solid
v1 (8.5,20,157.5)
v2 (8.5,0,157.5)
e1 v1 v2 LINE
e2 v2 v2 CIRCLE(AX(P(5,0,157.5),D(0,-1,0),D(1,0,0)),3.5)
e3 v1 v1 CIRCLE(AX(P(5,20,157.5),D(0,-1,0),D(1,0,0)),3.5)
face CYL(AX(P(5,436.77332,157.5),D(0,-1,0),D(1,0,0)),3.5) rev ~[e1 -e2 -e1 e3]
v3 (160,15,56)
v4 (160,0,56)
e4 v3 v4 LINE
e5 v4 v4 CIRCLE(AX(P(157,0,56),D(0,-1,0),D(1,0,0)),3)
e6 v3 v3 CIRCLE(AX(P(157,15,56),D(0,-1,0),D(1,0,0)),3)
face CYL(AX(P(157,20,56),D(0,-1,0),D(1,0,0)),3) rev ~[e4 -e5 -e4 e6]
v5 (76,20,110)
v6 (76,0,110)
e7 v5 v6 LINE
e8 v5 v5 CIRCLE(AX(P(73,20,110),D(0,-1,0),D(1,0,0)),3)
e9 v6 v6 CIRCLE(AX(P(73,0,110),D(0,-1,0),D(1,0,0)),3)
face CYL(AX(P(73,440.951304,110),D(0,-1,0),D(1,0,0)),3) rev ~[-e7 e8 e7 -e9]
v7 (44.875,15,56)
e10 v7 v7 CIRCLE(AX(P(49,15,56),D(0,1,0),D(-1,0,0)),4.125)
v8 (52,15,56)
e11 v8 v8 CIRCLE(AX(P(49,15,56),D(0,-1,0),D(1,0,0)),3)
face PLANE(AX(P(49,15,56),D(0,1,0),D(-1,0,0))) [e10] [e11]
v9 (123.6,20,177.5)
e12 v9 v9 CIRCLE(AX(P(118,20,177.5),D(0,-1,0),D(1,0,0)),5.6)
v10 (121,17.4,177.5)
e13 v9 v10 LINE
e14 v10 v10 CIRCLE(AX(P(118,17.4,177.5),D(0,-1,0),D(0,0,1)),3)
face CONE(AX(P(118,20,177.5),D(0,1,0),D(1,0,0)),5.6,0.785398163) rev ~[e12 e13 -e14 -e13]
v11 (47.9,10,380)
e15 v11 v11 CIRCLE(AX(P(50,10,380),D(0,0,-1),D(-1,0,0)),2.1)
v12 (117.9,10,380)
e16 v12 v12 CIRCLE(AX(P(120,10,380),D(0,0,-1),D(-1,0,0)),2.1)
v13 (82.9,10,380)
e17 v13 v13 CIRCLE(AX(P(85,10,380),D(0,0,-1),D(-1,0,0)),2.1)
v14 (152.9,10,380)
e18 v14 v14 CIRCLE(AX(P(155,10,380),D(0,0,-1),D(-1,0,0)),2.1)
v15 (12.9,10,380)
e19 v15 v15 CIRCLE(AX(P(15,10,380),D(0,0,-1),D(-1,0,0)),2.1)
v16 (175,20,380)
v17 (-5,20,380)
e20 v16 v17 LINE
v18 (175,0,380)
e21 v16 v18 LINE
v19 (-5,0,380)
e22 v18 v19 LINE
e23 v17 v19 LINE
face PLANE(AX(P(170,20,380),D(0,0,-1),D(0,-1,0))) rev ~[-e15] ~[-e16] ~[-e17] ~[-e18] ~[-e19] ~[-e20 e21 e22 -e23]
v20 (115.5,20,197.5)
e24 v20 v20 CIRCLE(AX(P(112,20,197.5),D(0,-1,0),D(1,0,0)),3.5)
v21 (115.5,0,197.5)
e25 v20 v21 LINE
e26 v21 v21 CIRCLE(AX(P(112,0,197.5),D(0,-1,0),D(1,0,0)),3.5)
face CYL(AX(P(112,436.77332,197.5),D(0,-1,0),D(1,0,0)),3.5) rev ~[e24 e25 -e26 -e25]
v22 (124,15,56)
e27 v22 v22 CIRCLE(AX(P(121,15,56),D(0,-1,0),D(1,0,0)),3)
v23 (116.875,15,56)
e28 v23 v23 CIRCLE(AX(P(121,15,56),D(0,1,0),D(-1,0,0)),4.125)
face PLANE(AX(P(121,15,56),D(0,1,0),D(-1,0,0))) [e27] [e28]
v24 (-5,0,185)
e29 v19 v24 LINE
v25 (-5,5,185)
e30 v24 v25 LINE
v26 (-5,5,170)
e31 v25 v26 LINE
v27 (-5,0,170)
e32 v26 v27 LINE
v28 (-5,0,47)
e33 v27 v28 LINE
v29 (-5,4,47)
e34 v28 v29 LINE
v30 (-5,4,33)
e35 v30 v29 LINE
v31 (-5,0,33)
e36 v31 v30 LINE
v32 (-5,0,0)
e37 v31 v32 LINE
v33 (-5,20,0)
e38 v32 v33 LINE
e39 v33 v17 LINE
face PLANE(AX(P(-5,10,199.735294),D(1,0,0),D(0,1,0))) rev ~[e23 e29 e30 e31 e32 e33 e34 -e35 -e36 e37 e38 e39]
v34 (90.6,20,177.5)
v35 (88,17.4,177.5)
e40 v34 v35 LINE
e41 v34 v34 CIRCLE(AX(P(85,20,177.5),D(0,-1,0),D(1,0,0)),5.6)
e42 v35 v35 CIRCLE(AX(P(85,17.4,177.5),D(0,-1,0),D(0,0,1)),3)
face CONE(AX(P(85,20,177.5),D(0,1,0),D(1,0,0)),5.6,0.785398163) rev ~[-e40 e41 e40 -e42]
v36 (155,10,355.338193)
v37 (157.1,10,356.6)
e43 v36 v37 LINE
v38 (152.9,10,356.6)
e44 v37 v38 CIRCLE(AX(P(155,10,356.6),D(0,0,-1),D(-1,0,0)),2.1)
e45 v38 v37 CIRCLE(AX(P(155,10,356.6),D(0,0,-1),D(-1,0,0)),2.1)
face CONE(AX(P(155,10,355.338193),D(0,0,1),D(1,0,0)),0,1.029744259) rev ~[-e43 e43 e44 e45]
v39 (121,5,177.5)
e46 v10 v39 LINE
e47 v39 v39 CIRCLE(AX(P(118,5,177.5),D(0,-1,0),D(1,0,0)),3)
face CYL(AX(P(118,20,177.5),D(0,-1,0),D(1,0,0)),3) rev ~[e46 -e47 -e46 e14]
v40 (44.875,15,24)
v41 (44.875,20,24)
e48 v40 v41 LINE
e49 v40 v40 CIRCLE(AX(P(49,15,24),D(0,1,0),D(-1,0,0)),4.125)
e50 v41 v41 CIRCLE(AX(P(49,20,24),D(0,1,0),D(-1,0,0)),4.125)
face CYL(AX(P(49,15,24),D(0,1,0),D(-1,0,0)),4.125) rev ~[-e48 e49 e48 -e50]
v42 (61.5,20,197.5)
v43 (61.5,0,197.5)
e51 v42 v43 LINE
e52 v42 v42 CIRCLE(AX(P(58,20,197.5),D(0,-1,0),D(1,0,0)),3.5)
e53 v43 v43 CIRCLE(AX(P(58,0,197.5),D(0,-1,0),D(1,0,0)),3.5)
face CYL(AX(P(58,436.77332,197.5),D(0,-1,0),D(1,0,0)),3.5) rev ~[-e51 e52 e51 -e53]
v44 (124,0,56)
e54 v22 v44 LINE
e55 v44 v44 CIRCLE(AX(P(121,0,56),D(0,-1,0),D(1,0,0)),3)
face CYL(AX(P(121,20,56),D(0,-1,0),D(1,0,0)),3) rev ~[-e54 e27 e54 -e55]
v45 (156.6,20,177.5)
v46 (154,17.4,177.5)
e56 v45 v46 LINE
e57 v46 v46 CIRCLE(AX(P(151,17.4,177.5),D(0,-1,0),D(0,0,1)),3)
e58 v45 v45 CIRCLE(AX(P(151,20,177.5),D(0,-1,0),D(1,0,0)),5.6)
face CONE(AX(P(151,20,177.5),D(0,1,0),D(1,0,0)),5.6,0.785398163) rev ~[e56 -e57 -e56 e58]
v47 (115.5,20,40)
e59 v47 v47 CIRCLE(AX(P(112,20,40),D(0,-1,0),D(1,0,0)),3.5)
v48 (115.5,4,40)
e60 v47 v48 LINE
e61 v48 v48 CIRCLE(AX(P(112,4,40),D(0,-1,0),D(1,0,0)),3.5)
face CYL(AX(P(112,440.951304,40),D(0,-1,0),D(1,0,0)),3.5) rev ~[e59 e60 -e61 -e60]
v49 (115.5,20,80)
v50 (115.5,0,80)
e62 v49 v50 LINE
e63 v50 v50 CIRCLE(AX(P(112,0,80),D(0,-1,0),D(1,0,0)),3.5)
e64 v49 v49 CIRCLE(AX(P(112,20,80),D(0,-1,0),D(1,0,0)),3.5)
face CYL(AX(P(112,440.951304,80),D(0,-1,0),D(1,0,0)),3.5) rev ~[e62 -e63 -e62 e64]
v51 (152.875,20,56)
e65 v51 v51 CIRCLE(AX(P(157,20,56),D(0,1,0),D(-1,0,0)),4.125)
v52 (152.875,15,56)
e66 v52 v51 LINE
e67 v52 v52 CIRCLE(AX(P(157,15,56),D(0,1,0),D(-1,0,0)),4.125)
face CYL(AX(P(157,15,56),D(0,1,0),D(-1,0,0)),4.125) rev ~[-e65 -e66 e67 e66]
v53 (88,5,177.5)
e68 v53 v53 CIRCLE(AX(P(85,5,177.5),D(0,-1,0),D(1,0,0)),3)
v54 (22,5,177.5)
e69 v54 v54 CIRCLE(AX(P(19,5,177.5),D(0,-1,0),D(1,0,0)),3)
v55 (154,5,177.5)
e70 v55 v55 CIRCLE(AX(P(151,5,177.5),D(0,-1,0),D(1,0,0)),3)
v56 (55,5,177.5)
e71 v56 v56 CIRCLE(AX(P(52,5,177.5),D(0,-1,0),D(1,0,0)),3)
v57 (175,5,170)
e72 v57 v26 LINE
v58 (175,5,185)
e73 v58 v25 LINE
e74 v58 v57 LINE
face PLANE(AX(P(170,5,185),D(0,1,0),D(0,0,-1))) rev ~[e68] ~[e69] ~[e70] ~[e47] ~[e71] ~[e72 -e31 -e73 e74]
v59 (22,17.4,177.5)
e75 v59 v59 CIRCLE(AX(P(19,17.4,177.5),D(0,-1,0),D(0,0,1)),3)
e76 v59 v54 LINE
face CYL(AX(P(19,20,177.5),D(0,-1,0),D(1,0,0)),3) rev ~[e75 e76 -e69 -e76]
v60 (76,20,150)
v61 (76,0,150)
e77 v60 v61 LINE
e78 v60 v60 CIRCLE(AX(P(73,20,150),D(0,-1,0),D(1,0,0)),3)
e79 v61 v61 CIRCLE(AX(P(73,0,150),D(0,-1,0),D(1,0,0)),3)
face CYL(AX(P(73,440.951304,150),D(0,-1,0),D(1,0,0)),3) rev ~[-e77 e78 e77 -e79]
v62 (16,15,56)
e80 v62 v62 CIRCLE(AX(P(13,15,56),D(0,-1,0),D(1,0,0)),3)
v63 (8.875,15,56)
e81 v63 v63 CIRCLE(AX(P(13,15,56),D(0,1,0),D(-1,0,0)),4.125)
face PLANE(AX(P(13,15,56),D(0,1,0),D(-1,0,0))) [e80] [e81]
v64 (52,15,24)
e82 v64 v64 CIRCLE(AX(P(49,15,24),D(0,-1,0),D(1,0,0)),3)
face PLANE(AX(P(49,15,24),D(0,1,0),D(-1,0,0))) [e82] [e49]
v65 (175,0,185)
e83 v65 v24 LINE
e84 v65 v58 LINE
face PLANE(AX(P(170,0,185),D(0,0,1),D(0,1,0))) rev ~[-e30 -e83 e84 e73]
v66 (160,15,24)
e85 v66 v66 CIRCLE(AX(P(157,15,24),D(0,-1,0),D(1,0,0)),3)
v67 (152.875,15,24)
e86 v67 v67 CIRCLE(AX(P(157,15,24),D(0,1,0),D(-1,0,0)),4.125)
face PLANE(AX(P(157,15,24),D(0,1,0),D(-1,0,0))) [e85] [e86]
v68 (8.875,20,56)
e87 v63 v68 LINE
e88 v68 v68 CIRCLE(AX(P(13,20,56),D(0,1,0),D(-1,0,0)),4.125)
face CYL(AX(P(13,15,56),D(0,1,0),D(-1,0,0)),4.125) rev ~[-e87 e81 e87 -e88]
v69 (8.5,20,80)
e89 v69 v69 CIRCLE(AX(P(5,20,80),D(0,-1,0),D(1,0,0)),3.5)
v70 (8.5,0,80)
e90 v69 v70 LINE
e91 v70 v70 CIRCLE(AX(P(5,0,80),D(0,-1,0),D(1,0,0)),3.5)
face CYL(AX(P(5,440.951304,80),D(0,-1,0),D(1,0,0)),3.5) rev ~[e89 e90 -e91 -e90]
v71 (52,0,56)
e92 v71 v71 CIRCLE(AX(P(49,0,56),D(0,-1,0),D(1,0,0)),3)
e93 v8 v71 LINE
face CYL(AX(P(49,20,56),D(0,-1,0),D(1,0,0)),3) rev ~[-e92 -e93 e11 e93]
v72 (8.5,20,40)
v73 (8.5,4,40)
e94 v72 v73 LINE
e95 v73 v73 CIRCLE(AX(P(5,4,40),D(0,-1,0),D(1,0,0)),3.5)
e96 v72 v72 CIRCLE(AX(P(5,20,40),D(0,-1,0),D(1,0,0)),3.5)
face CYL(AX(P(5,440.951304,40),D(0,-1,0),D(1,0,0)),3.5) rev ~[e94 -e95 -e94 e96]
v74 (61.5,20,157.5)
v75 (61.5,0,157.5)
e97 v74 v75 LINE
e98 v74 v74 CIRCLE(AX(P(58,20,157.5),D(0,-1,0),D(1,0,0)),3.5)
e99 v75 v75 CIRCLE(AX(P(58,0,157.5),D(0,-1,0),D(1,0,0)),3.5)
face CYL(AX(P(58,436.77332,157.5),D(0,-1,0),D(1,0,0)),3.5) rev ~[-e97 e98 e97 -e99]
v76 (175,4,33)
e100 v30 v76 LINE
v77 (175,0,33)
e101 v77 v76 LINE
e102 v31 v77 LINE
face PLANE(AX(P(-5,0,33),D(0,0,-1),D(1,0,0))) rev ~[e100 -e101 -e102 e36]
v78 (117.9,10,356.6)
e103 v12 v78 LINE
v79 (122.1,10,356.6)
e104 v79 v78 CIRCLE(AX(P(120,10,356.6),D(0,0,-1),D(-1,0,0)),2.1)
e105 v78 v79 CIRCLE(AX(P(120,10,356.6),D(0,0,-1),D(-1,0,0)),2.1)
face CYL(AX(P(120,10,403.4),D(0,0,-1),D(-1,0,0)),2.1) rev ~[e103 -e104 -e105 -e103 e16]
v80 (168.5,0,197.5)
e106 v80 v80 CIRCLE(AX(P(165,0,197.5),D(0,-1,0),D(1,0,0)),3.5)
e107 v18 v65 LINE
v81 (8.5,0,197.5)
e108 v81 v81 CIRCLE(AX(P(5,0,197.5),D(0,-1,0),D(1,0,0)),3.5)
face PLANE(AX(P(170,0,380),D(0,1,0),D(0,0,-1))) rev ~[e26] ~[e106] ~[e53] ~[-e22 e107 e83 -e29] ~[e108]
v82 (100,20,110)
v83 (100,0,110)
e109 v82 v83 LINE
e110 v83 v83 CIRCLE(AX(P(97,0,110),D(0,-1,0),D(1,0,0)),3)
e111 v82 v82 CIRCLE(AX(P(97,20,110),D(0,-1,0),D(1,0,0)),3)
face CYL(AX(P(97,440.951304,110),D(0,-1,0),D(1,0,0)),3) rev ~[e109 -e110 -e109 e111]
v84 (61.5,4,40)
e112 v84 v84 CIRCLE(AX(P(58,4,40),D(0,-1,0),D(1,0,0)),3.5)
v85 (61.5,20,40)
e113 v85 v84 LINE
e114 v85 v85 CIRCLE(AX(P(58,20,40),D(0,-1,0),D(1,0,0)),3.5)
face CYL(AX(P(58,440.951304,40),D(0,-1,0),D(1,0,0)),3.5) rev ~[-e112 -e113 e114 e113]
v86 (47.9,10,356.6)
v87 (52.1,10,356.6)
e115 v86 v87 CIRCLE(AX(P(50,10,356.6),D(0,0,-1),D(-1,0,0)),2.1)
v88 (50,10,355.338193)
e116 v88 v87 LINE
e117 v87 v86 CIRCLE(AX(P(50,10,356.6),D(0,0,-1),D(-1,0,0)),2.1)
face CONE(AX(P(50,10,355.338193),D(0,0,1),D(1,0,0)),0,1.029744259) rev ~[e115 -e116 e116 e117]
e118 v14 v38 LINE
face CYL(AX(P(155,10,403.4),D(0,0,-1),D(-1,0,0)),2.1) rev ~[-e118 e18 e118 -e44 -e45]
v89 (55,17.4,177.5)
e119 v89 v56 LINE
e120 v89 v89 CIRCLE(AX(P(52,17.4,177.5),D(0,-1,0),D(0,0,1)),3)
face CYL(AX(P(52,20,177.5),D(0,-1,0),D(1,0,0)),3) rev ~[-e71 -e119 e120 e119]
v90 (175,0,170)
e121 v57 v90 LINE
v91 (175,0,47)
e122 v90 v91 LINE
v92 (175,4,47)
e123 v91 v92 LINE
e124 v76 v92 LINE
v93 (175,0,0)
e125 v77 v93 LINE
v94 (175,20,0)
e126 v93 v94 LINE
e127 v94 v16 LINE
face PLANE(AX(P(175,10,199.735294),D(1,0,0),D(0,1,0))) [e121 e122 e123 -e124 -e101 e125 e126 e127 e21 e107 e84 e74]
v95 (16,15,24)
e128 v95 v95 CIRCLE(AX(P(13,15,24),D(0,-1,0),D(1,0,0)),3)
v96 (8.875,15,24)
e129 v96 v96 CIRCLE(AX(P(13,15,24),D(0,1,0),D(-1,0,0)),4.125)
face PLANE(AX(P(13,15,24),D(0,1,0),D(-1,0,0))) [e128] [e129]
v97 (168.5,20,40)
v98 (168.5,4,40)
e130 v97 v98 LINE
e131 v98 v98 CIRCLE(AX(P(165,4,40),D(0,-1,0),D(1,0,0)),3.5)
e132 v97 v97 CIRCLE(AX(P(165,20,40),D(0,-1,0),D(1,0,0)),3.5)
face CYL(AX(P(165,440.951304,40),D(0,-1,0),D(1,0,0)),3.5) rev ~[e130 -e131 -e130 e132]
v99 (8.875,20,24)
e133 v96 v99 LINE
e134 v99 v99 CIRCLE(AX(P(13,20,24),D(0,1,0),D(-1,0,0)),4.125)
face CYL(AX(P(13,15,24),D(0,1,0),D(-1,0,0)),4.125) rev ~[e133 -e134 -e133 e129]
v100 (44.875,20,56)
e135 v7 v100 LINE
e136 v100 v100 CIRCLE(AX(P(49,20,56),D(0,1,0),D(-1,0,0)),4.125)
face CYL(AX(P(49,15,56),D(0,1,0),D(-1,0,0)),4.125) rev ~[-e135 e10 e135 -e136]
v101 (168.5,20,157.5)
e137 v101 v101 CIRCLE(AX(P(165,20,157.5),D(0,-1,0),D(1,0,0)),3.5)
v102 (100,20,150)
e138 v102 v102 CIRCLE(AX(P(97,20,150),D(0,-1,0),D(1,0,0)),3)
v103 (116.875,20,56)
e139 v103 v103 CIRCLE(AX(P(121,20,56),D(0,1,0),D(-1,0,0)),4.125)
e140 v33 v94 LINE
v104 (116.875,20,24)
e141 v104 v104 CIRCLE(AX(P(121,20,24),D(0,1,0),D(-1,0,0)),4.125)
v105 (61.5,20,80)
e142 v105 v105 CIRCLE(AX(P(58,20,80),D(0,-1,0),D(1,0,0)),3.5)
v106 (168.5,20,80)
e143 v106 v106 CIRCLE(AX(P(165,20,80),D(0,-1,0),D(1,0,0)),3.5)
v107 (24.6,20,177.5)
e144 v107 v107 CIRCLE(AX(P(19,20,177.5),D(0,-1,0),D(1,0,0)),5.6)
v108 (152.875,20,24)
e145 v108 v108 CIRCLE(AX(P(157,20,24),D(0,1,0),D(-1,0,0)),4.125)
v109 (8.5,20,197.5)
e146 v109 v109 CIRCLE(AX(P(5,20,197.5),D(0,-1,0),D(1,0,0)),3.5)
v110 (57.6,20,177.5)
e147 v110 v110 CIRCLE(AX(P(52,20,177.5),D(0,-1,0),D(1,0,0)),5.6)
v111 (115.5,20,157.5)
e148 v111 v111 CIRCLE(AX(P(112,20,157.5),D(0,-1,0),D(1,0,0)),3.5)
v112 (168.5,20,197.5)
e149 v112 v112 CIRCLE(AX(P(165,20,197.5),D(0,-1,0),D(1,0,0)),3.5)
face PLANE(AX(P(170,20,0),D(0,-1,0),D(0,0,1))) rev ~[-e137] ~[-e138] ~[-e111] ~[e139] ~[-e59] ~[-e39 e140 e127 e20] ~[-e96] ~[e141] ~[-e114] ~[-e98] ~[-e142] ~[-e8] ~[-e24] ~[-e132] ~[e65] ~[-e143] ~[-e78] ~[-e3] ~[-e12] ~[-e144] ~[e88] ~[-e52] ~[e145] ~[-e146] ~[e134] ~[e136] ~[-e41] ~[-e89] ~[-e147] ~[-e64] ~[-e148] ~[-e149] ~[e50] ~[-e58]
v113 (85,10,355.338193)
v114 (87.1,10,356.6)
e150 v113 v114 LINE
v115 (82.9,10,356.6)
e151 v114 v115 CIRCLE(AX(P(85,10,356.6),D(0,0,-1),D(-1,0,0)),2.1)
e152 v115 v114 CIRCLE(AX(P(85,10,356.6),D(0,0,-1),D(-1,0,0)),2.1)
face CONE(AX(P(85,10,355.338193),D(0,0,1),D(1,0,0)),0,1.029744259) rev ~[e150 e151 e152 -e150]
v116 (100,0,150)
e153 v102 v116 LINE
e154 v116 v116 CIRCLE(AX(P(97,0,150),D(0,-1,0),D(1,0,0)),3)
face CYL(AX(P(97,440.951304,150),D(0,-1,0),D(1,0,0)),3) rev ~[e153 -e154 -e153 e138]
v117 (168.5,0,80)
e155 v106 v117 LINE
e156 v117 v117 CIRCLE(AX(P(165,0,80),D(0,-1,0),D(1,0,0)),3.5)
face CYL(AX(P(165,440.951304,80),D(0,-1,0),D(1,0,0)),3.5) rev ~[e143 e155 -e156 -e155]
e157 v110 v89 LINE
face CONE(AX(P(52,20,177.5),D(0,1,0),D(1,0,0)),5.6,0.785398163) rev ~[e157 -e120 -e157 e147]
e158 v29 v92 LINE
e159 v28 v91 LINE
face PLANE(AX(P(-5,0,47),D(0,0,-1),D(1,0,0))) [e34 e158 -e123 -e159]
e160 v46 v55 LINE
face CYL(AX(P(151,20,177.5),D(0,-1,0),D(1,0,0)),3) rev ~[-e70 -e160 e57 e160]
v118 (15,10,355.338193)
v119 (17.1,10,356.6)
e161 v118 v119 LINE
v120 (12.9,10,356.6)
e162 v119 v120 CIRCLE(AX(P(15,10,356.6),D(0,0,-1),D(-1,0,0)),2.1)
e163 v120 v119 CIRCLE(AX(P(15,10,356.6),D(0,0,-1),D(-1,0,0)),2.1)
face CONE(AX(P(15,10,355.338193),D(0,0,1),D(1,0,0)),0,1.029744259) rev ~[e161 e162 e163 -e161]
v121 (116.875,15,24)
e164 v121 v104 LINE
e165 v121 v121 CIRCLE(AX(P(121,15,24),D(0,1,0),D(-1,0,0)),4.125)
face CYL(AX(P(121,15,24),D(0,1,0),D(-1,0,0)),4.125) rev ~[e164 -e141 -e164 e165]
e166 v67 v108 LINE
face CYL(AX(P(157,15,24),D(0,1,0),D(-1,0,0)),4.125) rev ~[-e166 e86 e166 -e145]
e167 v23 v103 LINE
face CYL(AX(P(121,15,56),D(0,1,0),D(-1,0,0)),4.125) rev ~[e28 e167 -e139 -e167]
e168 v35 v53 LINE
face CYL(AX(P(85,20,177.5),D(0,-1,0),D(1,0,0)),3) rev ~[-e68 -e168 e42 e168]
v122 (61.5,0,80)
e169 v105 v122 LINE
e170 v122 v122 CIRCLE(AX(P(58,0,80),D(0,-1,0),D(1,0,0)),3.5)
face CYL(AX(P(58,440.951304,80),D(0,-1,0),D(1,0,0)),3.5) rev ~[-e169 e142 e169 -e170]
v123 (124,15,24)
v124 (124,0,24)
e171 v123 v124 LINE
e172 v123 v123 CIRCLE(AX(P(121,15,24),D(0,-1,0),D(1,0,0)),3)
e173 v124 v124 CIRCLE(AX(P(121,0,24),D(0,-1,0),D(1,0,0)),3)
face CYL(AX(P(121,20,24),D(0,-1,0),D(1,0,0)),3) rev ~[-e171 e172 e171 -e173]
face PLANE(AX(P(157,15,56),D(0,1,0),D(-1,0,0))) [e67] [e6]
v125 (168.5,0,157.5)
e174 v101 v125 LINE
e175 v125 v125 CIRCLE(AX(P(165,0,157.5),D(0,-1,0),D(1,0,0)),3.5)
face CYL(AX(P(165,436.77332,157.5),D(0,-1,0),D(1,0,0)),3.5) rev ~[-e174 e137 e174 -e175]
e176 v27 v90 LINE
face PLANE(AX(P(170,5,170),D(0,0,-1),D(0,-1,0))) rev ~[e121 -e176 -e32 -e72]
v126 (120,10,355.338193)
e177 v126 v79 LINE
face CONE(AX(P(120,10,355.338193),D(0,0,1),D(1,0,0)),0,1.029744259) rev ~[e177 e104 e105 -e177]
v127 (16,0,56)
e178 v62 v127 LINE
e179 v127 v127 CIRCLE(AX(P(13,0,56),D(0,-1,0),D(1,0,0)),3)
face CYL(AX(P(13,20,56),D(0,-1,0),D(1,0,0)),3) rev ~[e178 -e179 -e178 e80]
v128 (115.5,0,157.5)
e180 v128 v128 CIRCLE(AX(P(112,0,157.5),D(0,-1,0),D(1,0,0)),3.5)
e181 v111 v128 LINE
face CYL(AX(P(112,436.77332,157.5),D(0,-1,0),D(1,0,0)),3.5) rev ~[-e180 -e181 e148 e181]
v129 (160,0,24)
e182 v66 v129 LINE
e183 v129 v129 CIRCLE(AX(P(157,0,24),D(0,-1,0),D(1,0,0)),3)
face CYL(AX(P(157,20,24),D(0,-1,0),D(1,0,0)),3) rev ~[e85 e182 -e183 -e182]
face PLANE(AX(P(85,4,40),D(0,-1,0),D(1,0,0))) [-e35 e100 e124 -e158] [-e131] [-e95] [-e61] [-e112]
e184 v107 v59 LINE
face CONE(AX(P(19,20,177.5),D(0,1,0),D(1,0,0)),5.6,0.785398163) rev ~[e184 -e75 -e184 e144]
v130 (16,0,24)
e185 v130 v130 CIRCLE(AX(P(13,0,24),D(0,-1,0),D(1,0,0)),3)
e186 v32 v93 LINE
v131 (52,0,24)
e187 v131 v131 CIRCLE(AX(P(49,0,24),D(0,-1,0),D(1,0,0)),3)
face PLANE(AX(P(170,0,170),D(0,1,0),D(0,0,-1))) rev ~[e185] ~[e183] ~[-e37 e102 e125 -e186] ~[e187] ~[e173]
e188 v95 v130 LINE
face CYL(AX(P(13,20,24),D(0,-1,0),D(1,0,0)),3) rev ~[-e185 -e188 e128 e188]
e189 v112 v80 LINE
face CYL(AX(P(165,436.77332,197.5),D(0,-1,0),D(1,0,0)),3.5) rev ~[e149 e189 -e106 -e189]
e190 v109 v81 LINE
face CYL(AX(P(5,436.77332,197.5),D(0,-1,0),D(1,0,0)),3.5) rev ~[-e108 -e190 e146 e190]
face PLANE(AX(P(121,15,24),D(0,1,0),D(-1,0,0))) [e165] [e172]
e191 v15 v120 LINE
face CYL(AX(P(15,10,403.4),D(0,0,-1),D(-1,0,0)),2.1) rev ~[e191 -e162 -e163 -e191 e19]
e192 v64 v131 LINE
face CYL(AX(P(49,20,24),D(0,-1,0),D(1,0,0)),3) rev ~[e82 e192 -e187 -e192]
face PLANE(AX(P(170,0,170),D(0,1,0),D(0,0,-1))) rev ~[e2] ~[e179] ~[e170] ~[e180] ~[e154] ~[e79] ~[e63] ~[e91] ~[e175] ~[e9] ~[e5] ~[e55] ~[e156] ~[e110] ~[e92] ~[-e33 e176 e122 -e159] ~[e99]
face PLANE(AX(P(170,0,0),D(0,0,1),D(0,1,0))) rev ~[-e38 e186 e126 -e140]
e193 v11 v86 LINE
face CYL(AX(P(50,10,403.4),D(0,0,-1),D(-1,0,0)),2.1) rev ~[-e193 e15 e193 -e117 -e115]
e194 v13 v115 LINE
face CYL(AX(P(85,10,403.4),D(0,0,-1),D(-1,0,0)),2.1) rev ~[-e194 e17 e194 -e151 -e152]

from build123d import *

# Parameters (mm, degrees)
F1_DEPTH        = 170
F2_DEPTH        = 20
F4_D            = 7
F6_D            = 6
F6_CSINK_D      = 11.2
F6_CSINK_ANGLE  = 90
F7_DEPTH        = 5
F8_DEPTH        = 5
F9_DEPTH        = 20
F10_D           = 7
F12_D           = 6
F12_CBORE_D     = 8.25
F12_CBORE_DEPTH = 5
F14_D           = 6
F16_D           = 4.2
F16_DEPTH       = 23.4
F16_TIP         = 1.2618073
F17_W           = 180
F17_H           = 14
F17_R           = 3.5
F18_DEPTH       = 4


with BuildPart() as f1:
    # F0 (on Right) → F1 (new body)
    with BuildSketch(Plane.YZ):
        Polygon((0, 170), (0, 0), (20, 0), (20, 400), (0, 400), (0, 185), (5, 185), (5, 170), align=None)
    extrude(amount=F1_DEPTH)

    # F2 (cut): a face of the model
    f2_faces = [f1.faces().sort_by_distance(p)[0] for p in [
        (85, 10, 400),
    ]]
    extrude(f2_faces, amount=-F2_DEPTH, mode=Mode.SUBTRACT)

    # F4 (through all)
    with Locations(Plane(origin=(0, 20, 0), x_dir=(-1, 0, 0), z_dir=(0, 1, 0))):
        with Locations((-165, 197.5), (-165, 157.5), (-5, 197.5), (-5, 157.5), (-112, 197.5), (-112, 157.5), (-58, 157.5), (-58, 197.5)):
            Hole(F4_D / 2)

    # F6 (through all)
    with Locations(Plane(origin=(0, 20, 0), x_dir=(-1, 0, 0), z_dir=(0, 1, 0))):
        with Locations((-151, 177.5), (-118, 177.5), (-85, 177.5), (-52, 177.5), (-19, 177.5)):
            CounterSinkHole(F6_D / 2, F6_CSINK_D / 2, counter_sink_angle=F6_CSINK_ANGLE)

    # F0 (on Right) → F7 (join)
    with BuildSketch(Plane.YZ):
        Polygon((0, 170), (0, 0), (20, 0), (20, 400), (0, 400), (0, 185), (5, 185), (5, 170), align=None)
    extrude(amount=-F7_DEPTH)

    # F8 (add): a face of the model
    f8_faces = [f1.faces().sort_by_distance(p)[0] for p in [
        (170, 10.0747508306, 190.1245847176),
    ]]
    extrude(f8_faces, amount=F8_DEPTH)

    # F9 (cut): a face of the model
    f9_faces = [f1.faces().sort_by_distance(p)[0] for p in [
        (-2.5, 10, 400),
    ]]
    extrude(f9_faces, amount=-F9_DEPTH, mode=Mode.SUBTRACT)

    # F10 (through all)
    with Locations(Plane(origin=(0, 20, 0), x_dir=(-1, 0, 0), z_dir=(0, 1, 0))):
        with Locations((-165, 80), (-165, 40), (-112, 80), (-112, 40), (-58, 40), (-5, 80), (-58, 80), (-5, 40)):
            Hole(F10_D / 2)

    # F12 (through all)
    with Locations(Plane(origin=(0, 20, 0), x_dir=(-1, 0, 0), z_dir=(0, 1, 0))):
        with Locations((-157, 56), (-157, 24), (-121, 56), (-121, 24), (-49, 56), (-49, 24), (-13, 24), (-13, 56)):
            CounterBoreHole(F12_D / 2, F12_CBORE_D / 2, F12_CBORE_DEPTH)

    # F14 (through all)
    with Locations(Plane(origin=(0, 20, 0), x_dir=(-1, 0, 0), z_dir=(0, 1, 0))):
        with Locations((-97, 150), (-97, 110), (-73, 110), (-73, 150)):
            Hole(F14_D / 2)

    # F16
    with Locations(Plane.XY.offset(380)):
        with Locations((15, 10), (50, 10), (85, 10), (120, 10), (155, 10)):
            Hole(F16_D / 2, depth=F16_DEPTH)
            with Locations((0, 0, -(F16_DEPTH + F16_TIP / 2))):  # 118° drill point
                Cone(0, F16_D / 2, F16_TIP, mode=Mode.SUBTRACT)

    # F17 (on face) → F18 (cut)
    with BuildSketch(Plane.XZ):
        with Locations((85, 40)):
            Rectangle(F17_W, F17_H)
        with Locations((5, 40)):
            Circle(F17_R, mode=Mode.SUBTRACT)
        with Locations((58, 40)):
            Circle(F17_R, mode=Mode.SUBTRACT)
        with Locations((112, 40)):
            Circle(F17_R, mode=Mode.SUBTRACT)
        with Locations((165, 40)):
            Circle(F17_R, mode=Mode.SUBTRACT)
    extrude(amount=-F18_DEPTH, mode=Mode.SUBTRACT)


solid = f1.part
